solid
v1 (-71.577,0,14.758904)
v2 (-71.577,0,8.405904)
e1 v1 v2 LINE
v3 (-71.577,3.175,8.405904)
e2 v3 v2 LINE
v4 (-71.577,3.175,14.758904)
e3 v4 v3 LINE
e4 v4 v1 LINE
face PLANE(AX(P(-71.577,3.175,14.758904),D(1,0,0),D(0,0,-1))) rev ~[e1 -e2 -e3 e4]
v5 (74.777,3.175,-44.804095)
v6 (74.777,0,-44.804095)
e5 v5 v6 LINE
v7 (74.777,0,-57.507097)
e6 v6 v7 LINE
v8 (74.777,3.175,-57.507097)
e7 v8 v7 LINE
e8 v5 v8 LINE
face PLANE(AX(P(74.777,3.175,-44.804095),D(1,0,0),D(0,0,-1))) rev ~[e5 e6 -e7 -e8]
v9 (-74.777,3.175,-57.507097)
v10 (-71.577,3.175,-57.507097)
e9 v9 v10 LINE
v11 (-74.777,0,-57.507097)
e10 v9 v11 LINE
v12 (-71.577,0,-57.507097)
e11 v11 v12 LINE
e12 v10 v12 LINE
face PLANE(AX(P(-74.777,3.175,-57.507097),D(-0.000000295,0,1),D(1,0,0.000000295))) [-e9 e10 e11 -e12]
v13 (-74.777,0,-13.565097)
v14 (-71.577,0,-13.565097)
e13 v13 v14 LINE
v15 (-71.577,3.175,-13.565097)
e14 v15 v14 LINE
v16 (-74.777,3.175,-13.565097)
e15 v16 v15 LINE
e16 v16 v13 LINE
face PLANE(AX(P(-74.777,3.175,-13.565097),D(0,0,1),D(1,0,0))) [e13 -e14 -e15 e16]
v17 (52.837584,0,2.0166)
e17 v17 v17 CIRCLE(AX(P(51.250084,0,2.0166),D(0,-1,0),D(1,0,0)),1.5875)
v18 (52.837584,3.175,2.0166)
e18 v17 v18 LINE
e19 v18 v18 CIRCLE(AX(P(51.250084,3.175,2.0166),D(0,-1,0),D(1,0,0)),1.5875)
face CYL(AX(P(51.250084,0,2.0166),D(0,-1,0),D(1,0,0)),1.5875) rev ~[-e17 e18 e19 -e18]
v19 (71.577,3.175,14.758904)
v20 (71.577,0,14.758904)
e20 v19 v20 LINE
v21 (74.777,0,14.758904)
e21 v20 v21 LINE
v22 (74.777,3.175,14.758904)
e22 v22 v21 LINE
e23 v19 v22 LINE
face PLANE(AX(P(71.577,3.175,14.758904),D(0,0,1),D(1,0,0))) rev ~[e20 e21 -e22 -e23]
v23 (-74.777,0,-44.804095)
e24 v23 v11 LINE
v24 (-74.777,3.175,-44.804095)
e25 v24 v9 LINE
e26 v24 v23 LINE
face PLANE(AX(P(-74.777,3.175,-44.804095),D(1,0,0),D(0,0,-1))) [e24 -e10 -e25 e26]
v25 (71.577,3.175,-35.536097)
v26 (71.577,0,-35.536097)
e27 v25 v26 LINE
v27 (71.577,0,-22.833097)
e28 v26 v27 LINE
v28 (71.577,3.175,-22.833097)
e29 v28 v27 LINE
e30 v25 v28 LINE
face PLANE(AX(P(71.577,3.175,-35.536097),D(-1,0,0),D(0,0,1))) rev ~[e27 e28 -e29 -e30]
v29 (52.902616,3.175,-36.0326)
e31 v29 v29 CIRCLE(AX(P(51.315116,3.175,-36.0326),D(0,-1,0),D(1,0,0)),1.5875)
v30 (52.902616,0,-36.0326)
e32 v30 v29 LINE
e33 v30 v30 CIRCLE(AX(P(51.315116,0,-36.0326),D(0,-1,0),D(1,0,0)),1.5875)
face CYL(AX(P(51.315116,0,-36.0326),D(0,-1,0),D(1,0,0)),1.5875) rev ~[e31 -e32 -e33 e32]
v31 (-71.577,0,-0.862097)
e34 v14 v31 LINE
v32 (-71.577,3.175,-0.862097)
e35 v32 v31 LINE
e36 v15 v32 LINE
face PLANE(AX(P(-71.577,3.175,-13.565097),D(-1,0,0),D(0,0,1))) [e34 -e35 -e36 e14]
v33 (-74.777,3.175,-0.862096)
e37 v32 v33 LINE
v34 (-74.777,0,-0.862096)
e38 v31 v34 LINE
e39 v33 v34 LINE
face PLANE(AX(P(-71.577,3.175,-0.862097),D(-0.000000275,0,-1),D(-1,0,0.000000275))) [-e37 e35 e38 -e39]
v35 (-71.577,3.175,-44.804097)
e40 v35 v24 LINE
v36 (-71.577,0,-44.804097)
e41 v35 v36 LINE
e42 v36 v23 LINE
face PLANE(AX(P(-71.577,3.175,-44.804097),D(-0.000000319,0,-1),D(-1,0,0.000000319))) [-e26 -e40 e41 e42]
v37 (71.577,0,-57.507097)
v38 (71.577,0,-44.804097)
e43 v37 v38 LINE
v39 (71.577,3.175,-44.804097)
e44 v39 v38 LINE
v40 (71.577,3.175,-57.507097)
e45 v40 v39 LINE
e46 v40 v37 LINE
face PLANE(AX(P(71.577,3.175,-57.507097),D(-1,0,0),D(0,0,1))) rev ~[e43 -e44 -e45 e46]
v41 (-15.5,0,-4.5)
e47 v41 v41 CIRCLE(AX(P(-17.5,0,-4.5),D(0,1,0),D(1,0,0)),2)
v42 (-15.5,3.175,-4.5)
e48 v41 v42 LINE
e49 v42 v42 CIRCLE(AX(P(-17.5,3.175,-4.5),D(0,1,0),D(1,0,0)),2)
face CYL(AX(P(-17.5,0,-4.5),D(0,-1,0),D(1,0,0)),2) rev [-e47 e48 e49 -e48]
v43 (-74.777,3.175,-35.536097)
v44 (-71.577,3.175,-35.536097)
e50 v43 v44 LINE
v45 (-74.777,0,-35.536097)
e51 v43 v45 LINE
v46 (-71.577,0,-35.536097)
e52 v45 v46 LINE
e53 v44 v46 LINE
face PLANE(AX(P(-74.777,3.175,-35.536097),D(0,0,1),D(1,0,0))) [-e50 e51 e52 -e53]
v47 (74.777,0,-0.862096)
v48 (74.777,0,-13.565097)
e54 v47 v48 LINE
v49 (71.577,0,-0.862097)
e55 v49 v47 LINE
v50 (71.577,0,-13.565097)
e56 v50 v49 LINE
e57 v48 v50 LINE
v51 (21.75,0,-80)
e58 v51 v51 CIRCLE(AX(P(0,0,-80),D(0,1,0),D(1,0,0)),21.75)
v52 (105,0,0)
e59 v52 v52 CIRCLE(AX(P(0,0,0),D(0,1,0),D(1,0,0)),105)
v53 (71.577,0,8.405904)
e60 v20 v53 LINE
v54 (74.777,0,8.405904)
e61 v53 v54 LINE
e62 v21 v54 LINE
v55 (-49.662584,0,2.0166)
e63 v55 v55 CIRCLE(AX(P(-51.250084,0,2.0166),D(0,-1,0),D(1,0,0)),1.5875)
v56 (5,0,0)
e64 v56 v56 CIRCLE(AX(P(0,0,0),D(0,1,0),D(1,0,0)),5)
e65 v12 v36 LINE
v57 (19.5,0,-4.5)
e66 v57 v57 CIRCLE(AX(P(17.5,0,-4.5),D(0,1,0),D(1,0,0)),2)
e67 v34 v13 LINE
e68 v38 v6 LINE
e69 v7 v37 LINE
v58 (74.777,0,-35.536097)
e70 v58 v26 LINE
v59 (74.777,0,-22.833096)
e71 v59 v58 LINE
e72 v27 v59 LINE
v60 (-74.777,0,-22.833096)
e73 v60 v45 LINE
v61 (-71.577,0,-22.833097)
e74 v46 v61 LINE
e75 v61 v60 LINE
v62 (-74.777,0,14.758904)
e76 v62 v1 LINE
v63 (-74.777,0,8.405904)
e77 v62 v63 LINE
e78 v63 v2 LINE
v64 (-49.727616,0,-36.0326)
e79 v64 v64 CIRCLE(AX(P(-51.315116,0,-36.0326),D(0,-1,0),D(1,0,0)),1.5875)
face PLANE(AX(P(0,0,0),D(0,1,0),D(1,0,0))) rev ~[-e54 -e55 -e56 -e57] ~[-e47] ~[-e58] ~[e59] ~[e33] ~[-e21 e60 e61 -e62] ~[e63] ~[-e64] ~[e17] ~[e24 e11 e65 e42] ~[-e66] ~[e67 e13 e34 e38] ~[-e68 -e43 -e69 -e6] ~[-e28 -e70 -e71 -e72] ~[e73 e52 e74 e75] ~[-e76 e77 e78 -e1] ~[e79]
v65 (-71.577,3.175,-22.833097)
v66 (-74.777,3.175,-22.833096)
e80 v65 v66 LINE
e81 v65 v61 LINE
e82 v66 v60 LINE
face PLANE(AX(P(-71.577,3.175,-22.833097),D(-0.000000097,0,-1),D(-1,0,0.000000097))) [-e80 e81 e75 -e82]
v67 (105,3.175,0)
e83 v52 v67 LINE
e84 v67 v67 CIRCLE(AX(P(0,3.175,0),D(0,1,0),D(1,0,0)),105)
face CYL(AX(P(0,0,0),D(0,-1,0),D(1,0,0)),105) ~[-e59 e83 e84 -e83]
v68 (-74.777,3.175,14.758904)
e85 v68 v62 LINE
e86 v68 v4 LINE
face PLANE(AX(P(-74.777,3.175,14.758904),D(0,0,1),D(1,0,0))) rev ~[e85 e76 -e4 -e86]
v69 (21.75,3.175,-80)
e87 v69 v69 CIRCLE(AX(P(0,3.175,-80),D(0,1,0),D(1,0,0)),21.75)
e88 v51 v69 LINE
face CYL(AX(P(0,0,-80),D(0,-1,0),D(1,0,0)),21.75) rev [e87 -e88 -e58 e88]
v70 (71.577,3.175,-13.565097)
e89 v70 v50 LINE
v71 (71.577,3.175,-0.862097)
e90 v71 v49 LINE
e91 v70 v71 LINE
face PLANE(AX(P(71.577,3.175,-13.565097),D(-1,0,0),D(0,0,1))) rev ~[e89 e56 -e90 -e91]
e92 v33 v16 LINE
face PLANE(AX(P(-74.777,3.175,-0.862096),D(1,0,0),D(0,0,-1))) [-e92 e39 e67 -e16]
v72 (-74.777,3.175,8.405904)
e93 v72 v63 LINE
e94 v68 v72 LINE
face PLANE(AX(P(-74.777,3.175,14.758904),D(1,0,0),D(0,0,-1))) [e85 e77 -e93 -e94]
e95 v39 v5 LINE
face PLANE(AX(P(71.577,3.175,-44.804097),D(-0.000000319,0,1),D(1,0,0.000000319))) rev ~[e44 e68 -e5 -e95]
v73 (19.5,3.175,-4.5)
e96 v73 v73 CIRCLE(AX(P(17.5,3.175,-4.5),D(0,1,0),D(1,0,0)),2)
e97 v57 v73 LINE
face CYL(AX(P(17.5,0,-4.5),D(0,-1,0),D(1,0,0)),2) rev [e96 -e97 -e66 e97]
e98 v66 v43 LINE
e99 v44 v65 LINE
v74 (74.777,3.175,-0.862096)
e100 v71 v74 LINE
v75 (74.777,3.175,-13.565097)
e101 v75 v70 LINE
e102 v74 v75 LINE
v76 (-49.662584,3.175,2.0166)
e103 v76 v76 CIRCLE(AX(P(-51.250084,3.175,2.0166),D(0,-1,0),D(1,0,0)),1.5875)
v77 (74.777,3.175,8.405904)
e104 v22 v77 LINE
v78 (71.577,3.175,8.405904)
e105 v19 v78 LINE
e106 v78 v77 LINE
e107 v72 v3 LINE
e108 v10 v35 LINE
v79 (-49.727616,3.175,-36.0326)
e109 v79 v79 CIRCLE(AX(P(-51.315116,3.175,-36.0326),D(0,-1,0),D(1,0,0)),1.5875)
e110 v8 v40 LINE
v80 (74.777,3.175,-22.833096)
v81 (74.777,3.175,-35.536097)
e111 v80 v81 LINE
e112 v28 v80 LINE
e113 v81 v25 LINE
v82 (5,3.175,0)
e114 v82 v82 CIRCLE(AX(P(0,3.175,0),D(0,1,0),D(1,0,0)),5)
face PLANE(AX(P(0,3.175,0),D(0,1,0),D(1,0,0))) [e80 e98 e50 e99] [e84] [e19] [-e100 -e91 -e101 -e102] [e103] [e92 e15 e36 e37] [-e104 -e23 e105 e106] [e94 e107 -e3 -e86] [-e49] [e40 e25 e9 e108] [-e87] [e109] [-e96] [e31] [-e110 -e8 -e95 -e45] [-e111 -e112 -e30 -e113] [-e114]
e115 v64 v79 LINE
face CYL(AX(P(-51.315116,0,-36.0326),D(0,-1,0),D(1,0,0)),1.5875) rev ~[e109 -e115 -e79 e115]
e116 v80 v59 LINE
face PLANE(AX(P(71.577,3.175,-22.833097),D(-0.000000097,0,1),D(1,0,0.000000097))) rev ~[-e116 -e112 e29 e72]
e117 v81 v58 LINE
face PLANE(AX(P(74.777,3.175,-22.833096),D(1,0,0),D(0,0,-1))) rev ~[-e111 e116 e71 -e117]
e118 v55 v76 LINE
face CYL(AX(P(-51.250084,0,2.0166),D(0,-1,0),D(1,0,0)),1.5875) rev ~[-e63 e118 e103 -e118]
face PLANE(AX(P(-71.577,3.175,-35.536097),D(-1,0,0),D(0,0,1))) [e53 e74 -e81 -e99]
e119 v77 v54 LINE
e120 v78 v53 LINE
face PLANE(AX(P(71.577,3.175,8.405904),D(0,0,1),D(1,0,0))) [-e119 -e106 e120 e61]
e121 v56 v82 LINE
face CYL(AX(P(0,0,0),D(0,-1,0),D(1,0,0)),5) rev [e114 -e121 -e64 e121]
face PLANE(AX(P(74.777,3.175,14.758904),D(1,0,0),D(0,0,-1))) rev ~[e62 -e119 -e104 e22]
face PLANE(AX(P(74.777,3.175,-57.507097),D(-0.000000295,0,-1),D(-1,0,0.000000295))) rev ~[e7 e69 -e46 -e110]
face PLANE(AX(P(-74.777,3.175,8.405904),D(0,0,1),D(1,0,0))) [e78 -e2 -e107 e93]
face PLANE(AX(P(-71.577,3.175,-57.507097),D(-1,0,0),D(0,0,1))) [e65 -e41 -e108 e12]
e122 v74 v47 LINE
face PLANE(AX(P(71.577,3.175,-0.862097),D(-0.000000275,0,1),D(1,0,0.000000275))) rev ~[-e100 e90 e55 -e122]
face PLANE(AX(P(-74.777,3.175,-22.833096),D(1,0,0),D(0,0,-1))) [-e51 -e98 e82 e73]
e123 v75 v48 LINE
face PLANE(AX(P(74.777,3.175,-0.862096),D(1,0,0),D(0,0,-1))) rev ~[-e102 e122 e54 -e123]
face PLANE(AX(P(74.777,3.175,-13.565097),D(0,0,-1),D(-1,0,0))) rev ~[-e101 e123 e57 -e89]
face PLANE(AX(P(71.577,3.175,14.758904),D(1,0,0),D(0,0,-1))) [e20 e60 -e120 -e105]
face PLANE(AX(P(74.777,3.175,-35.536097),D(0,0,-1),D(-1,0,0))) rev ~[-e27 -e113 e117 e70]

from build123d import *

# Parameters (mm, degrees)
SKETCH2_R           = 105
SKETCH2_R_2         = 21.75
SKETCH2_R_3         = 5
SKETCH2_R_4         = 2
BOSS_EXTRUDE2_DEPTH = 3.175
SKETCH8_W           = 3.2
SKETCH8_H           = 6.353
CUT_EXTRUDE1_DEPTH  = 4.175
SKETCH9_R           = 1.5875
CUT_EXTRUDE2_DEPTH  = 4.175


with BuildPart() as part:
    # Sketch2 → Boss-Extrude2 (new body)
    with BuildSketch(Plane(origin=(0, 0, 0), x_dir=(1, 0, 0), z_dir=(0, 1, 0))):
        Circle(SKETCH2_R)
        with Locations((0, 80)):
            Circle(SKETCH2_R_2, mode=Mode.SUBTRACT)
        Circle(SKETCH2_R_3, mode=Mode.SUBTRACT)
        with Locations((17.5, 4.5)):
            Circle(SKETCH2_R_4, mode=Mode.SUBTRACT)
        with Locations((-17.5, 4.5)):
            Circle(SKETCH2_R_4, mode=Mode.SUBTRACT)
    extrude(amount=BOSS_EXTRUDE2_DEPTH)

    # Sketch8 → Cut-Extrude1 (cut, through all)
    with BuildSketch(Plane(origin=(0, 3.175, 0), x_dir=(1, 0, 0), z_dir=(0, 1, 0))):
        Polygon((-74.777, 57.507097448), (-71.577, 57.507096503), (-71.577, 44.804096503), (-74.777, 44.804095482), align=None)
        with Locations((73.177, -11.5824036)):
            Rectangle(SKETCH8_W, SKETCH8_H)
        Polygon((-74.777, 35.536096628), (-71.577, 35.536096628), (-71.577, 22.833096628), (-74.777, 22.833096317), align=None)
        Polygon((-74.777, 13.565096577), (-71.577, 13.565096577), (-71.577, 0.862096577), (-74.777, 0.862095696), align=None)
        with Locations((-73.177, -11.5824036)):
            Rectangle(SKETCH8_W, SKETCH8_H)
        Polygon((71.577, 13.565096577), (71.577, 0.862096577), (74.777, 0.862095696), (74.777, 13.565096577), align=None)
        Polygon((71.577, 35.536096628), (71.577, 22.833096628), (74.777, 22.833096317), (74.777, 35.536096628), align=None)
        Polygon((71.577, 57.507096503), (71.577, 44.804096503), (74.777, 44.804095482), (74.777, 57.507097448), align=None)
    extrude(amount=-CUT_EXTRUDE1_DEPTH, mode=Mode.SUBTRACT)

    # Sketch9 → Cut-Extrude2 (cut, through all)
    with BuildSketch(Plane.XZ):
        with Locations((51.250084, 2.0166)):
            Circle(SKETCH9_R)
        with Locations((-51.315116, -36.0326)):
            Circle(SKETCH9_R)
        with Locations((-51.250084, 2.0166)):
            Circle(SKETCH9_R)
        with Locations((51.315116, -36.0326)):
            Circle(SKETCH9_R)
    extrude(amount=-CUT_EXTRUDE2_DEPTH, mode=Mode.SUBTRACT)


solid = part.part
